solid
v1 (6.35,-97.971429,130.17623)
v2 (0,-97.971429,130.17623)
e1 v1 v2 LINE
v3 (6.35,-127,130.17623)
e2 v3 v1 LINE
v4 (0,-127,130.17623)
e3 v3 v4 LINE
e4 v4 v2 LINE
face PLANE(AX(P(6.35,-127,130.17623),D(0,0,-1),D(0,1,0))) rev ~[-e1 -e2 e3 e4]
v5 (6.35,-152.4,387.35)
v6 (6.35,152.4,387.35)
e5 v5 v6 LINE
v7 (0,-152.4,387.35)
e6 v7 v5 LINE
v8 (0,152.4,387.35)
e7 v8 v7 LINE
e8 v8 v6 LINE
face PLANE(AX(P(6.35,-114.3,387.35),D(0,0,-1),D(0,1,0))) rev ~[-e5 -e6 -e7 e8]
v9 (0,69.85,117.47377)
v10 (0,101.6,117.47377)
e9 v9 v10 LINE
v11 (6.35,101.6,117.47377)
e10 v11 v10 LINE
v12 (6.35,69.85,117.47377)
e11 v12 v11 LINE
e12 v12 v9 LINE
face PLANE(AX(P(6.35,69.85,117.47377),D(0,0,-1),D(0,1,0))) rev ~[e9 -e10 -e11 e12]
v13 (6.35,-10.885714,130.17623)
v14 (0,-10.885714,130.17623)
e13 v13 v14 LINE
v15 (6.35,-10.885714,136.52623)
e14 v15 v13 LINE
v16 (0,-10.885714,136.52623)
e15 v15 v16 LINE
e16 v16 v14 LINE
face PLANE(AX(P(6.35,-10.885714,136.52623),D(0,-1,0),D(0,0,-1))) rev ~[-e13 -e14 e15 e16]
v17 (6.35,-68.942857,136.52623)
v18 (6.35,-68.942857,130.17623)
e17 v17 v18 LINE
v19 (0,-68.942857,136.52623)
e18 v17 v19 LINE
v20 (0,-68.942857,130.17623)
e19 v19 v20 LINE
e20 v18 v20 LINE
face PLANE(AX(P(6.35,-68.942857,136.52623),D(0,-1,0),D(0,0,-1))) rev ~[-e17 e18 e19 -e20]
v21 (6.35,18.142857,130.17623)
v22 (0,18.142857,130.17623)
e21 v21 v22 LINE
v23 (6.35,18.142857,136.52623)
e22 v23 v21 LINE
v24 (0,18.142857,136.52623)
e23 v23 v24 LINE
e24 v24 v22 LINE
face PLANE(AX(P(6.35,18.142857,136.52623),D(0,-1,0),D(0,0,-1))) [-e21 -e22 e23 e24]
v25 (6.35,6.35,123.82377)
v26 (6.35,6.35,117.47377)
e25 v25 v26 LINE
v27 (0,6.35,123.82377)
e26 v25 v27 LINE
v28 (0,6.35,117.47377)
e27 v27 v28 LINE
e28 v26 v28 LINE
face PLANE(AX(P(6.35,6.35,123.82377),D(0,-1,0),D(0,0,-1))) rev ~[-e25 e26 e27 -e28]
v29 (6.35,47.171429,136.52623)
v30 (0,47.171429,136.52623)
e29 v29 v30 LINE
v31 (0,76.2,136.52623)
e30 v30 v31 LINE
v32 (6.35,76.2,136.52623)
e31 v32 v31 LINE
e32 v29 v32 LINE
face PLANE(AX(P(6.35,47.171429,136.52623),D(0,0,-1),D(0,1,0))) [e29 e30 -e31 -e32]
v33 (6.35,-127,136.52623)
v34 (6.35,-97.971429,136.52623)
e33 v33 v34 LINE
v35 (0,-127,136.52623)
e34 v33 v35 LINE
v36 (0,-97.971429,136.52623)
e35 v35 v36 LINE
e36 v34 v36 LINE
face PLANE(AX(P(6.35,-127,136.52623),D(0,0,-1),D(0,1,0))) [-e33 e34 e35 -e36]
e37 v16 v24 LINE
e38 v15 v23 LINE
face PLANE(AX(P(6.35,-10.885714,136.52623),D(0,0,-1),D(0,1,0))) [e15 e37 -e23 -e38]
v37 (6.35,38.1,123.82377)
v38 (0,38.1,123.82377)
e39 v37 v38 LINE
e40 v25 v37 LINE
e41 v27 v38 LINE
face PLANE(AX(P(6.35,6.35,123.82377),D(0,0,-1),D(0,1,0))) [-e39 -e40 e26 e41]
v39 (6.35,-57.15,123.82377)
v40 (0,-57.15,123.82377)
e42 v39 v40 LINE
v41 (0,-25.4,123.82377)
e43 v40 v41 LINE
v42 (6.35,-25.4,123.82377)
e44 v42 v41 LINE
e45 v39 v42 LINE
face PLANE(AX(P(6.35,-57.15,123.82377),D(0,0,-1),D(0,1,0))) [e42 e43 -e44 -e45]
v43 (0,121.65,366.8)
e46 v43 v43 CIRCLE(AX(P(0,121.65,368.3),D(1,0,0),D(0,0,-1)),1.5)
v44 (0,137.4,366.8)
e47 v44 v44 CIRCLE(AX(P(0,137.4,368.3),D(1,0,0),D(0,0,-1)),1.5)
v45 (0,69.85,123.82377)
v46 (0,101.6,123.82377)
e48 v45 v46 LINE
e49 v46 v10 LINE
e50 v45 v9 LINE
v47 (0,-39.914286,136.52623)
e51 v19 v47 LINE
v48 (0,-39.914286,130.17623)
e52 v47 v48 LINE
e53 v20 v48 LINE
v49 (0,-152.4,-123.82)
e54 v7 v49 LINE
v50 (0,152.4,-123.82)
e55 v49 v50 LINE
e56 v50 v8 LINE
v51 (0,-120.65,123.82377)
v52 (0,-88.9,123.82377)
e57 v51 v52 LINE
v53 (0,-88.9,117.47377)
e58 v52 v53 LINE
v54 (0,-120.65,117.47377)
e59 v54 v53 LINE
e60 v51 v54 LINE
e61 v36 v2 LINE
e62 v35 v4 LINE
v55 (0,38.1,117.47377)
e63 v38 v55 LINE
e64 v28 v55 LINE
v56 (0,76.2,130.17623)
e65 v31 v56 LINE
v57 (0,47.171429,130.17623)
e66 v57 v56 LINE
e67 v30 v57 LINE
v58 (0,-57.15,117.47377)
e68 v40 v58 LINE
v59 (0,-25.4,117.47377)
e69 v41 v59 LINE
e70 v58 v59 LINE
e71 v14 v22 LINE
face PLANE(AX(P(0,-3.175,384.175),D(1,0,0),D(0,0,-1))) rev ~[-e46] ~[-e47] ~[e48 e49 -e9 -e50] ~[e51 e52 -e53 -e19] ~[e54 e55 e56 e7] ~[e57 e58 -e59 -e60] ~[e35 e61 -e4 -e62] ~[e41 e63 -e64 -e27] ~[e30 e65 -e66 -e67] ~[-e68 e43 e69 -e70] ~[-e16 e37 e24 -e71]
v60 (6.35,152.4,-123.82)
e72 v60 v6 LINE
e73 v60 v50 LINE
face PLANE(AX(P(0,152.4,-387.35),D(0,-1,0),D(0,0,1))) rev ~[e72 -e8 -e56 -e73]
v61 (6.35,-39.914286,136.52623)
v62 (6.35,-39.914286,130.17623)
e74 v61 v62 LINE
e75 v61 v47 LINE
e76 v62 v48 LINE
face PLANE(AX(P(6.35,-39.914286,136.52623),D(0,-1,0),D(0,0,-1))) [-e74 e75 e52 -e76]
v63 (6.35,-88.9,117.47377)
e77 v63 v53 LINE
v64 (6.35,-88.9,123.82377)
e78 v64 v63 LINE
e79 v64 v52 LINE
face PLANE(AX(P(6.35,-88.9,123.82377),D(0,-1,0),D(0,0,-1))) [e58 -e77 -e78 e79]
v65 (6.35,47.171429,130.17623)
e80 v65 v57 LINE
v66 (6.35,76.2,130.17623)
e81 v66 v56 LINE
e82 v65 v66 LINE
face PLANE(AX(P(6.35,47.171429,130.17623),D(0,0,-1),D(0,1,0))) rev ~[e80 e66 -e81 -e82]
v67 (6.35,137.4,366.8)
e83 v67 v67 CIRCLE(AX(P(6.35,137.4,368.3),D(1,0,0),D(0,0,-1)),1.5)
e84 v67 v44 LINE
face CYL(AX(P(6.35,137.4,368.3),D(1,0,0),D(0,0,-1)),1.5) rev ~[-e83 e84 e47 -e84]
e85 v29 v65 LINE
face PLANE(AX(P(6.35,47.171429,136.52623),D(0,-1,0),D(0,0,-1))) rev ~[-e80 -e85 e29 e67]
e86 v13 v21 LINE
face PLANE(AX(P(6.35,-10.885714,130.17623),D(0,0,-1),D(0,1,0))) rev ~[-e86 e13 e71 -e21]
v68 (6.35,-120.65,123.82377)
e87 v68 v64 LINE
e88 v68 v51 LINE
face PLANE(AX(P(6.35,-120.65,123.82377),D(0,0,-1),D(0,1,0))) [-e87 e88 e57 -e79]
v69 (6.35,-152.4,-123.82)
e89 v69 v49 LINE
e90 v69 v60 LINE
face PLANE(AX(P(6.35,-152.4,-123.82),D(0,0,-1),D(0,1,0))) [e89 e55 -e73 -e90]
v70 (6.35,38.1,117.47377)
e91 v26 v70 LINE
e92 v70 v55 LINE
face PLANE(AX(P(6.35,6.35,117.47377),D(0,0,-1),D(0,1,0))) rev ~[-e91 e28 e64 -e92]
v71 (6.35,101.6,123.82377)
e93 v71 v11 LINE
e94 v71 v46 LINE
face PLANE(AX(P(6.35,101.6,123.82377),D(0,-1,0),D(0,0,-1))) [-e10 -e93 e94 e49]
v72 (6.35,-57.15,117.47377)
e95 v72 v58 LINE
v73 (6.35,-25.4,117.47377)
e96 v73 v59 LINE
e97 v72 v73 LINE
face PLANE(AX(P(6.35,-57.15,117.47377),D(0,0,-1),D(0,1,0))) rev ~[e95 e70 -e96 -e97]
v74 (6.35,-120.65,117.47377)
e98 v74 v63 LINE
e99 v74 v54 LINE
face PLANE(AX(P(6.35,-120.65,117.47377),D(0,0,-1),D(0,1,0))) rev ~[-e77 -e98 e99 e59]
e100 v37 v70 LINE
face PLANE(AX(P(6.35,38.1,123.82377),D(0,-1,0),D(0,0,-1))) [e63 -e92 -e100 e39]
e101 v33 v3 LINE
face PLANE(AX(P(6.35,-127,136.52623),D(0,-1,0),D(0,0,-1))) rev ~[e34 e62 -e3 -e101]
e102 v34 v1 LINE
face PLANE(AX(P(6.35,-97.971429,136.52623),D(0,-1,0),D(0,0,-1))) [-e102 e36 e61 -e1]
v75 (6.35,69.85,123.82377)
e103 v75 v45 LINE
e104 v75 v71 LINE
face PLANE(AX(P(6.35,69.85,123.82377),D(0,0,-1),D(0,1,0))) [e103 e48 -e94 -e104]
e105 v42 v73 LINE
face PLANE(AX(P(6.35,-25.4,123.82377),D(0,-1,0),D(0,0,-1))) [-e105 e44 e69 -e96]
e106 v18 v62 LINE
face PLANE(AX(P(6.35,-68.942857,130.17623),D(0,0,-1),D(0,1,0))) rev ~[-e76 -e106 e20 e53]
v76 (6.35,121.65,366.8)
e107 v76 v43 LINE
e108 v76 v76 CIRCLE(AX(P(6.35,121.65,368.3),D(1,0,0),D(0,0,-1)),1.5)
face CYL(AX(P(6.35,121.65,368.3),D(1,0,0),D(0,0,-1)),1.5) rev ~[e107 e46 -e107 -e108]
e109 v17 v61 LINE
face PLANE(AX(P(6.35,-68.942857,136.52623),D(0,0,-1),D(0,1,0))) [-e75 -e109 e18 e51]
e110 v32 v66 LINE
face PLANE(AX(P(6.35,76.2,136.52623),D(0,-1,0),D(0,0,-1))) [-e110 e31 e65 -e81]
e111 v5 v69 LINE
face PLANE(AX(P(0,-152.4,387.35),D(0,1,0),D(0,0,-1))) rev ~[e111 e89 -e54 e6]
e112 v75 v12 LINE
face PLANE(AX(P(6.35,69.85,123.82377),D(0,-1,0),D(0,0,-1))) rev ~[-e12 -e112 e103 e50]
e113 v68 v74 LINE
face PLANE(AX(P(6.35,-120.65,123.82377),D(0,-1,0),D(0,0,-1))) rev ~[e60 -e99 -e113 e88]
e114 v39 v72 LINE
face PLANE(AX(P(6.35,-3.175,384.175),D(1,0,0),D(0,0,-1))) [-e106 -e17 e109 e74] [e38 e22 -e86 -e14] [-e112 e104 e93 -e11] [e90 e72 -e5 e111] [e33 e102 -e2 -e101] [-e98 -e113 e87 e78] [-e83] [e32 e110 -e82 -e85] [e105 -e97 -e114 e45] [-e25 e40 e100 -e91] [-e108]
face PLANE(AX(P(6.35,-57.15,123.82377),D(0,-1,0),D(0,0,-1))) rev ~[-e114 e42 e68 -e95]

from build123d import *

# Parameters (mm, degrees)
BOSS_EXTRUDE1_DEPTH = 6.35
SKETCH3_W           = 6.35
SKETCH3_H           = 29.028571429
SKETCH3_H_2         = 31.75
CUT_EXTRUDE1_DEPTH  = 419.66682159
SKETCH4_R           = 1.5
CUT_EXTRUDE2_DEPTH  = 6.35
SKETCH5_W           = 6.35
SKETCH5_H           = 44.45
SKETCH5_W_2         = 59.592307692
SKETCH5_H_2         = 6.35
CUT_EXTRUDE3_DEPTH  = 6.35
SKETCH6_W           = 6.35
SKETCH6_H           = 222.25
BOSS_EXTRUDE2_DEPTH = 6.35
SKETCH7_W           = 774.7
SKETCH7_H           = 14.696452311
CUT_EXTRUDE4_DEPTH  = 6.35
SKETCH8_W           = 263.53
SKETCH8_H           = 304.8
CUT_EXTRUDE5_DEPTH  = 417.300498438


with BuildPart() as part:
    # Sketch1 → Boss-Extrude1 (new body)
    with BuildSketch(Plane(origin=(0, 0, 0), x_dir=(0, 0, -1), z_dir=(1, 0, 0))):
        Polygon((381, 152.4), (-387.35, 152.4), (-387.35, 107.95), (-381, 107.95), (-381, 63.5), (-387.35, 63.5), (-387.35, 19.05), (-381, 19.05), (-381, -25.4), (-387.35, -25.4), (-387.35, -69.85), (-381, -69.85), (-381, -114.3), (-387.35, -114.3), (-387.35, -152.4), (-327.757692308, -152.4), (-327.757692308, -158.75), (-268.165384615, -158.75), (-268.165384615, -152.4), (-208.573076923, -152.4), (-208.573076923, -158.75), (-148.980769231, -158.75), (-148.980769231, -152.4), (-89.388461538, -152.4), (-89.388461538, -158.75), (-29.796153846, -158.75), (-29.796153846, -152.4), (29.796153846, -152.4), (29.796153846, -158.75), (89.388461538, -158.75), (89.388461538, -152.4), (148.980769231, -152.4), (148.980769231, -158.75), (208.573076923, -158.75), (208.573076923, -152.4), (268.165384615, -152.4), (268.165384615, -158.75), (327.757692308, -158.75), (327.757692308, -152.4), (387.35, -152.4), (387.35, -114.3), (381, -114.3), (381, -69.85), (387.35, -69.85), (387.35, -25.4), (381, -25.4), (381, 19.05), (387.35, 19.05), (387.35, 63.5), (381, 63.5), (381, 107.95), (387.35, 107.95), (387.35, 152.4), align=None)
    extrude(amount=BOSS_EXTRUDE1_DEPTH)

    # Sketch3 → Cut-Extrude1 (cut, through all)
    with BuildSketch(Plane(origin=(6.35, 0, 0), x_dir=(0, 0, -1), z_dir=(1, 0, 0))):
        with Locations((-133.351230315, 61.685714285)):
            Rectangle(SKETCH3_W, SKETCH3_H)
        with Locations((-120.648769685, 85.725)):
            Rectangle(SKETCH3_W, SKETCH3_H_2)
        with Locations((-120.648769685, 22.225)):
            Rectangle(SKETCH3_W, SKETCH3_H_2)
        with Locations((-120.648769685, -41.275)):
            Rectangle(SKETCH3_W, SKETCH3_H_2)
        with Locations((-120.648769685, -104.775)):
            Rectangle(SKETCH3_W, SKETCH3_H_2)
        with Locations((-133.351230315, 3.628571428)):
            Rectangle(SKETCH3_W, SKETCH3_H)
        with Locations((-133.351230315, -54.428571428)):
            Rectangle(SKETCH3_W, SKETCH3_H)
        with Locations((-133.351230315, -112.485714286)):
            Rectangle(SKETCH3_W, SKETCH3_H)
    extrude(amount=-CUT_EXTRUDE1_DEPTH, mode=Mode.SUBTRACT)

    # Sketch4 → Cut-Extrude2 (cut)
    with BuildSketch(Plane(origin=(6.35, 0, 0), x_dir=(0, 0, -1), z_dir=(1, 0, 0))):
        with Locations((-368.3, 137.4)):
            Circle(SKETCH4_R)
        with Locations((-368.3, 121.65)):
            Circle(SKETCH4_R)
        with Locations((368.3, 137.4)):
            Circle(SKETCH4_R)
        with Locations((368.3, 121.65)):
            Circle(SKETCH4_R)
    extrude(amount=-CUT_EXTRUDE2_DEPTH, mode=Mode.SUBTRACT)

    # Sketch5 → Cut-Extrude3 (cut)
    with BuildSketch(Plane(origin=(6.35, 0, 0), x_dir=(0, 0, -1), z_dir=(1, 0, 0))):
        with Locations((-384.175, 41.275)):
            Rectangle(SKETCH5_W, SKETCH5_H)
        with Locations((-384.175, -47.625)):
            Rectangle(SKETCH5_W, SKETCH5_H)
        with Locations((-178.776923077, -155.575)):
            Rectangle(SKETCH5_W_2, SKETCH5_H_2)
        with Locations((-59.592307692, -155.575)):
            Rectangle(SKETCH5_W_2, SKETCH5_H_2)
        with Locations((59.592307692, -155.575)):
            Rectangle(SKETCH5_W_2, SKETCH5_H_2)
        with Locations((178.776923077, -155.575)):
            Rectangle(SKETCH5_W_2, SKETCH5_H_2)
        with Locations((384.175, -47.625)):
            Rectangle(SKETCH5_W, SKETCH5_H)
        with Locations((384.175, 41.275)):
            Rectangle(SKETCH5_W, SKETCH5_H)
    extrude(amount=-CUT_EXTRUDE3_DEPTH, mode=Mode.SUBTRACT)

    # Sketch6 → Boss-Extrude2 (add)
    with BuildSketch(Plane(origin=(6.35, 0, 0), x_dir=(0, 0, -1), z_dir=(1, 0, 0))):
        with Locations((-384.175, -3.175)):
            Rectangle(SKETCH6_W, SKETCH6_H)
        with Locations((384.175, -3.175)):
            Rectangle(SKETCH6_W, SKETCH6_H)
    extrude(amount=-BOSS_EXTRUDE2_DEPTH)

    # Sketch7 → Cut-Extrude4 (cut)
    with BuildSketch(Plane(origin=(6.35, 0, 0), x_dir=(0, 0, -1), z_dir=(1, 0, 0))):
        with Locations((0, -159.748226155)):
            Rectangle(SKETCH7_W, SKETCH7_H)
    extrude(amount=-CUT_EXTRUDE4_DEPTH, mode=Mode.SUBTRACT)

    # Sketch8 → Cut-Extrude5 (cut, through all)
    with BuildSketch(Plane(origin=(6.35, 0, 0), x_dir=(0, 0, -1), z_dir=(1, 0, 0))):
        with Locations((255.585, 0)):
            Rectangle(SKETCH8_W, SKETCH8_H)
    extrude(amount=-CUT_EXTRUDE5_DEPTH, mode=Mode.SUBTRACT)


solid = part.part
